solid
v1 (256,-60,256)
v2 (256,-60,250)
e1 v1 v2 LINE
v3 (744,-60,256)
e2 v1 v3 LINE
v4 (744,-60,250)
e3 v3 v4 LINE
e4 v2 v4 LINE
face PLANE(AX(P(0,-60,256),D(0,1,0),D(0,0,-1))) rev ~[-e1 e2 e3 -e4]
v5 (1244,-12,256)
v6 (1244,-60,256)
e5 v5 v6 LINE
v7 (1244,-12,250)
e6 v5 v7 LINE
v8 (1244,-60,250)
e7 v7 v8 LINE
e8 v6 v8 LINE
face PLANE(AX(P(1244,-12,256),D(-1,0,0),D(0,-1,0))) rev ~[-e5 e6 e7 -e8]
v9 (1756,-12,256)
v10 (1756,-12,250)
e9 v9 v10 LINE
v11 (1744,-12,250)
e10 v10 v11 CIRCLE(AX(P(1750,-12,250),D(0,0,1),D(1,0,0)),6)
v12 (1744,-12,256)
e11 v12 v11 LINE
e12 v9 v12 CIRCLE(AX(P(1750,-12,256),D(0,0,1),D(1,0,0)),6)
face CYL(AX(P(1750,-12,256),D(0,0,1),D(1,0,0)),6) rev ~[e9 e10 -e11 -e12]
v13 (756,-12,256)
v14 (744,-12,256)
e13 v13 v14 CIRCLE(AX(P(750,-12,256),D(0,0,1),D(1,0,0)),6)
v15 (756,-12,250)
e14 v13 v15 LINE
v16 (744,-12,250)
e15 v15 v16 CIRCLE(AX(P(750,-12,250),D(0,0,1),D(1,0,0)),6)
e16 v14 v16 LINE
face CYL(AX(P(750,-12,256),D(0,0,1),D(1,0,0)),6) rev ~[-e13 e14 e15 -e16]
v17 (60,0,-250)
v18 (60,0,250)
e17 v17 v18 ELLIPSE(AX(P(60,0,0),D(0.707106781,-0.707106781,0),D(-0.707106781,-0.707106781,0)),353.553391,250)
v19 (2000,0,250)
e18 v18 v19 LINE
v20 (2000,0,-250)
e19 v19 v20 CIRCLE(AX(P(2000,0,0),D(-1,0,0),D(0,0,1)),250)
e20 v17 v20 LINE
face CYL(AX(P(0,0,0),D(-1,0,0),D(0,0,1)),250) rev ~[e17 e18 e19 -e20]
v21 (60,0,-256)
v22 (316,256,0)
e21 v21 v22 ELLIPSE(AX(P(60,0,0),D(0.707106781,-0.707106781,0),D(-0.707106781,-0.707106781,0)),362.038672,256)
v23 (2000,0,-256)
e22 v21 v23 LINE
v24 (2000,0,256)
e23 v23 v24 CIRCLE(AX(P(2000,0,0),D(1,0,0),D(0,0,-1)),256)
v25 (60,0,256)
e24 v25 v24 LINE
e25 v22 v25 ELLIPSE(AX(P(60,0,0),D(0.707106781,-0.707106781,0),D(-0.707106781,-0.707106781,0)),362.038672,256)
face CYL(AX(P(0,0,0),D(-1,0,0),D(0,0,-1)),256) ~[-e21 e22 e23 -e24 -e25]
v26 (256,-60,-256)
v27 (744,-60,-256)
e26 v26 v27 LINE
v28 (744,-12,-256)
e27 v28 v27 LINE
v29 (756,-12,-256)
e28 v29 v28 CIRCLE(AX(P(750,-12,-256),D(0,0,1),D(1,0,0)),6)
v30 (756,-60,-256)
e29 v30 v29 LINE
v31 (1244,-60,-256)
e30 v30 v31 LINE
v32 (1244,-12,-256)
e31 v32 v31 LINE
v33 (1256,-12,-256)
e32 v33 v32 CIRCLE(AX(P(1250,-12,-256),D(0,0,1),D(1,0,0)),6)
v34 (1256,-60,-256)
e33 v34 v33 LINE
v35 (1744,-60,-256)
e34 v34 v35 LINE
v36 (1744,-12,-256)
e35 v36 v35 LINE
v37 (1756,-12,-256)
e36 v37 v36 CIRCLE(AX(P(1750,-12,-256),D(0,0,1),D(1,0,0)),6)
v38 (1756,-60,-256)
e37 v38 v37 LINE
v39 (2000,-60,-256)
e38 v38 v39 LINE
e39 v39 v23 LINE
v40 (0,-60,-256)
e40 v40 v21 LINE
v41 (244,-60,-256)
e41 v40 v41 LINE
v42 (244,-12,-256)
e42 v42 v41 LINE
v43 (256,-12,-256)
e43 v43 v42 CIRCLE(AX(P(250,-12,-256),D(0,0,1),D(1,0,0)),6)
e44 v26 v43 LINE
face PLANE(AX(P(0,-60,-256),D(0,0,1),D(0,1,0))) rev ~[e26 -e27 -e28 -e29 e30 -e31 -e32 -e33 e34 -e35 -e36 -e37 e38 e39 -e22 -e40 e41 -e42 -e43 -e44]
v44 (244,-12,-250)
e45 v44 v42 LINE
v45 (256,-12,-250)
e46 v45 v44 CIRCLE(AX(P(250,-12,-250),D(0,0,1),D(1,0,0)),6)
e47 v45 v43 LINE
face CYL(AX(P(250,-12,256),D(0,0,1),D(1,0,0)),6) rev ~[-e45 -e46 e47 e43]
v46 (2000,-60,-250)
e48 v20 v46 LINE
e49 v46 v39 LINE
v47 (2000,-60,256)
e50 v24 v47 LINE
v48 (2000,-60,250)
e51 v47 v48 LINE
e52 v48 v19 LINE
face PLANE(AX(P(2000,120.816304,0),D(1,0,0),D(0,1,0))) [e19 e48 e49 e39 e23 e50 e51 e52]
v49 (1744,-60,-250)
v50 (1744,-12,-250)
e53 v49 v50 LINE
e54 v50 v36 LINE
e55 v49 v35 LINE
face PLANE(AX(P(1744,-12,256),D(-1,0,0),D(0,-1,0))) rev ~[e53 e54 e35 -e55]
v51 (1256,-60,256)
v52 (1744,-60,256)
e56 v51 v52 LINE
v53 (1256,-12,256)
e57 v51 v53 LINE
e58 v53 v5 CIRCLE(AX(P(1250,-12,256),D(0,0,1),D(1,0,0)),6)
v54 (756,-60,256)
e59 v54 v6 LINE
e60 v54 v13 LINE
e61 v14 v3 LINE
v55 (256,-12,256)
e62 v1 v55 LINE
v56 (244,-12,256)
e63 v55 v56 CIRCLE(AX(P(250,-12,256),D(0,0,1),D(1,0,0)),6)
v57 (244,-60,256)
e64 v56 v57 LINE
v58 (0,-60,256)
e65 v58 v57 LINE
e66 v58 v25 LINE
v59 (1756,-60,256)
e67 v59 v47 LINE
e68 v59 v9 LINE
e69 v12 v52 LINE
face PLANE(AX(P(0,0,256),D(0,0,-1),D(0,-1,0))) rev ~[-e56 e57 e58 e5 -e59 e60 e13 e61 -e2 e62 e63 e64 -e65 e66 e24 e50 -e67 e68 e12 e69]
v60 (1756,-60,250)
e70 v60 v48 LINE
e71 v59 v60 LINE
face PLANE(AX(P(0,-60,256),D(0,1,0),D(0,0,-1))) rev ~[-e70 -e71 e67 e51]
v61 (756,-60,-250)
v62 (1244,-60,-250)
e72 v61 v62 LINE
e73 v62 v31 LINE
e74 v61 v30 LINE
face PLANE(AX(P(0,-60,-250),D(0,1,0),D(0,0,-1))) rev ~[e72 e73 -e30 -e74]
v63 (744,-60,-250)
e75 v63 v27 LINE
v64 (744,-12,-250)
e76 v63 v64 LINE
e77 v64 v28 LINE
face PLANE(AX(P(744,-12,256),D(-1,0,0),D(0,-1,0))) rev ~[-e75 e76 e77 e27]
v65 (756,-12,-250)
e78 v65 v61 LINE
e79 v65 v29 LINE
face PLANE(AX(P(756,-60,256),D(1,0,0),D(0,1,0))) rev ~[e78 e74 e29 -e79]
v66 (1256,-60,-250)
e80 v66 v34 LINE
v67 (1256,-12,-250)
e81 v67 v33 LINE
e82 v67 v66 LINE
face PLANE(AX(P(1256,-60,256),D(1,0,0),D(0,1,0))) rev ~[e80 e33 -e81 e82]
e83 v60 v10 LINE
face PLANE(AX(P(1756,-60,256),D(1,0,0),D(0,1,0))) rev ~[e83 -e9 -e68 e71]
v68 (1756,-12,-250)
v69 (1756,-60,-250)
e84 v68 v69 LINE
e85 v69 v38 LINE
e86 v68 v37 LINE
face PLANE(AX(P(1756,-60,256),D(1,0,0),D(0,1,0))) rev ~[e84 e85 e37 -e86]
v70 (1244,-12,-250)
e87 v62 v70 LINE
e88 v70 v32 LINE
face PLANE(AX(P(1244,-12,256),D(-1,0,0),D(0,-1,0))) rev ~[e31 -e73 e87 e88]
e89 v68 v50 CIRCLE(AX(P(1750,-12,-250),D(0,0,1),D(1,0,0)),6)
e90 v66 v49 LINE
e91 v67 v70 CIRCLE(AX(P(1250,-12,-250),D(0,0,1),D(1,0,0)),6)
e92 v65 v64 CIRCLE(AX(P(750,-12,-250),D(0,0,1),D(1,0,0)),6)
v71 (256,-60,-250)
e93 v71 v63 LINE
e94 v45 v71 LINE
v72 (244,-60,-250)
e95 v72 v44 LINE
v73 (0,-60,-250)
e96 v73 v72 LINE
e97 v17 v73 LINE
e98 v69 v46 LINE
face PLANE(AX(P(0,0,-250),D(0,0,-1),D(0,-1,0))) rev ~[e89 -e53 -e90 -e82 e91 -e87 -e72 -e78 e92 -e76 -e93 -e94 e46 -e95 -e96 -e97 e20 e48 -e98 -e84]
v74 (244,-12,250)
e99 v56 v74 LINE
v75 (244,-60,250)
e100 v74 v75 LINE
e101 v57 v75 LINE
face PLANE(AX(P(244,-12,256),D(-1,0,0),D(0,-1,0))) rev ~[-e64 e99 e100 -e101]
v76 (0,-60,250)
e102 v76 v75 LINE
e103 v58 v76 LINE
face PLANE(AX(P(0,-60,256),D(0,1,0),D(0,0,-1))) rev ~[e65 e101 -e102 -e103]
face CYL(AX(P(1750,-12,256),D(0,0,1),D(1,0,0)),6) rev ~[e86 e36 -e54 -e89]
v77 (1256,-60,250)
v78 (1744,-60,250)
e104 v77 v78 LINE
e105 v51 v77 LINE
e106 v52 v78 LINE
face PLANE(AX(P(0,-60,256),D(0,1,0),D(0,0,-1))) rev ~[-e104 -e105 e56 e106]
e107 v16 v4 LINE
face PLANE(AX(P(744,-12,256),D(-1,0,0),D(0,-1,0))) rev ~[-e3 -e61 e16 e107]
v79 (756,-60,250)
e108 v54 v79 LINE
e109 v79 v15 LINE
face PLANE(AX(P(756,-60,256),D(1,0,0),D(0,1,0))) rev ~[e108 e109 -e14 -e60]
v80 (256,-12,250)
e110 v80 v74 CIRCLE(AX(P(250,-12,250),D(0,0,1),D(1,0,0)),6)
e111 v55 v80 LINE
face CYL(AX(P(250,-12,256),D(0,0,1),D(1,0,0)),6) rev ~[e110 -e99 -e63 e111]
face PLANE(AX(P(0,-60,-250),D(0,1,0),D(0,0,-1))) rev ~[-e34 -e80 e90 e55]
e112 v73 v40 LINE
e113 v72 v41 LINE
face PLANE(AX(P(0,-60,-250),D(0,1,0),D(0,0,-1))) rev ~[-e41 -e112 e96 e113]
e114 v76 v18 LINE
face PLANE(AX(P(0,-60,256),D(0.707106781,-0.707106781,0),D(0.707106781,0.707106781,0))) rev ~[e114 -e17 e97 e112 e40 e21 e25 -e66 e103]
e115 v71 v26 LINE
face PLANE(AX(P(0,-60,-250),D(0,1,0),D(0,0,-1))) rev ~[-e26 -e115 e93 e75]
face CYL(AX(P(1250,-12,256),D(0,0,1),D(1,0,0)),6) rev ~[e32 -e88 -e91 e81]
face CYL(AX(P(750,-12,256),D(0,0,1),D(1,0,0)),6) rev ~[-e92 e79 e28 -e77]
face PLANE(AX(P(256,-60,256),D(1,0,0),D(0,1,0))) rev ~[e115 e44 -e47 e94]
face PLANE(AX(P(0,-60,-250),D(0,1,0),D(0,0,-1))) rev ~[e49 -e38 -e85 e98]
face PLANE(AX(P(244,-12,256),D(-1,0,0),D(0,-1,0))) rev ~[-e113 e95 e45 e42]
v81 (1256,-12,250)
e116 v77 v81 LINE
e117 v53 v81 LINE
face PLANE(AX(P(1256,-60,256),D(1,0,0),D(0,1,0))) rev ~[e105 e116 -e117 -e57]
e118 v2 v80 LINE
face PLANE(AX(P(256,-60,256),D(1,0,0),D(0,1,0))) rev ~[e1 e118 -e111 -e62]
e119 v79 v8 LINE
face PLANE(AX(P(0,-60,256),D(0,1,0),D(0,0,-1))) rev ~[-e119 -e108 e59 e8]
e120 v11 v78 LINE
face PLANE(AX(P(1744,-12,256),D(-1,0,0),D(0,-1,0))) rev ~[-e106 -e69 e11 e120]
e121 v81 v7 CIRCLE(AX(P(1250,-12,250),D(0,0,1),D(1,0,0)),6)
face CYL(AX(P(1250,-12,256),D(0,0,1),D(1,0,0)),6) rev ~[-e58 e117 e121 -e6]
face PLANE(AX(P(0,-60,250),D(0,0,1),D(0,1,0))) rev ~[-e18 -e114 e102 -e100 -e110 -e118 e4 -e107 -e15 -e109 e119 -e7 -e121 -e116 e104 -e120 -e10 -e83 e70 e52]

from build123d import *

# Parameters (mm, degrees)
F1_DEPTH = 2000
F3_DEPTH = 550
F5_DEPTH = 512.001


with BuildPart() as f1:
    # F0 (on Right) → F1 (new body)
    with BuildSketch(Plane.YZ):
        with BuildLine():
            ThreePointArc((0, 250), (250, 0), (0, -250))
            Line((0, -250), (-60, -250))
            Line((-60, -250), (-60, -256))
            Line((-60, -256), (0, -256))
            ThreePointArc((0, -256), (256, 0), (0, 256))
            Line((0, 256), (-60, 256))
            Line((-60, 256), (-60, 250))
            Line((-60, 250), (0, 250))
        make_face()
    extrude(amount=F1_DEPTH)

    # F2 (on face) → F3 (cut)
    with BuildSketch(Plane.XY.offset(256)):
        Polygon((0, 0), (60, 0), (316, 256), (0, 256), align=None)
        Polygon((0, 0), (0, -60), (60, 0), align=None)
    extrude(amount=-F3_DEPTH, mode=Mode.SUBTRACT)

    # F4 (on face) → F5 (cut, through all)
    with BuildSketch(Plane.XY.offset(256)):
        with BuildLine():
            Line((244, -12), (244, -60))
            Line((244, -60), (256, -60))
            Line((256, -60), (256, -12))
            ThreePointArc((256, -12), (250, -6), (244, -12))
        make_face()
        with BuildLine():
            Line((744, -12), (744, -60))
            Line((744, -60), (756, -60))
            Line((756, -60), (756, -12))
            ThreePointArc((756, -12), (750, -6), (744, -12))
        make_face()
        with BuildLine():
            Line((1244, -12), (1244, -60))
            Line((1244, -60), (1256, -60))
            Line((1256, -60), (1256, -12))
            ThreePointArc((1256, -12), (1250, -6), (1244, -12))
        make_face()
        with BuildLine():
            Line((1744, -60), (1756, -60))
            Line((1756, -60), (1756, -12))
            ThreePointArc((1756, -12), (1750, -6), (1744, -12))
            Line((1744, -12), (1744, -60))
        make_face()
    extrude(amount=-F5_DEPTH, mode=Mode.SUBTRACT)


solid = f1.part
